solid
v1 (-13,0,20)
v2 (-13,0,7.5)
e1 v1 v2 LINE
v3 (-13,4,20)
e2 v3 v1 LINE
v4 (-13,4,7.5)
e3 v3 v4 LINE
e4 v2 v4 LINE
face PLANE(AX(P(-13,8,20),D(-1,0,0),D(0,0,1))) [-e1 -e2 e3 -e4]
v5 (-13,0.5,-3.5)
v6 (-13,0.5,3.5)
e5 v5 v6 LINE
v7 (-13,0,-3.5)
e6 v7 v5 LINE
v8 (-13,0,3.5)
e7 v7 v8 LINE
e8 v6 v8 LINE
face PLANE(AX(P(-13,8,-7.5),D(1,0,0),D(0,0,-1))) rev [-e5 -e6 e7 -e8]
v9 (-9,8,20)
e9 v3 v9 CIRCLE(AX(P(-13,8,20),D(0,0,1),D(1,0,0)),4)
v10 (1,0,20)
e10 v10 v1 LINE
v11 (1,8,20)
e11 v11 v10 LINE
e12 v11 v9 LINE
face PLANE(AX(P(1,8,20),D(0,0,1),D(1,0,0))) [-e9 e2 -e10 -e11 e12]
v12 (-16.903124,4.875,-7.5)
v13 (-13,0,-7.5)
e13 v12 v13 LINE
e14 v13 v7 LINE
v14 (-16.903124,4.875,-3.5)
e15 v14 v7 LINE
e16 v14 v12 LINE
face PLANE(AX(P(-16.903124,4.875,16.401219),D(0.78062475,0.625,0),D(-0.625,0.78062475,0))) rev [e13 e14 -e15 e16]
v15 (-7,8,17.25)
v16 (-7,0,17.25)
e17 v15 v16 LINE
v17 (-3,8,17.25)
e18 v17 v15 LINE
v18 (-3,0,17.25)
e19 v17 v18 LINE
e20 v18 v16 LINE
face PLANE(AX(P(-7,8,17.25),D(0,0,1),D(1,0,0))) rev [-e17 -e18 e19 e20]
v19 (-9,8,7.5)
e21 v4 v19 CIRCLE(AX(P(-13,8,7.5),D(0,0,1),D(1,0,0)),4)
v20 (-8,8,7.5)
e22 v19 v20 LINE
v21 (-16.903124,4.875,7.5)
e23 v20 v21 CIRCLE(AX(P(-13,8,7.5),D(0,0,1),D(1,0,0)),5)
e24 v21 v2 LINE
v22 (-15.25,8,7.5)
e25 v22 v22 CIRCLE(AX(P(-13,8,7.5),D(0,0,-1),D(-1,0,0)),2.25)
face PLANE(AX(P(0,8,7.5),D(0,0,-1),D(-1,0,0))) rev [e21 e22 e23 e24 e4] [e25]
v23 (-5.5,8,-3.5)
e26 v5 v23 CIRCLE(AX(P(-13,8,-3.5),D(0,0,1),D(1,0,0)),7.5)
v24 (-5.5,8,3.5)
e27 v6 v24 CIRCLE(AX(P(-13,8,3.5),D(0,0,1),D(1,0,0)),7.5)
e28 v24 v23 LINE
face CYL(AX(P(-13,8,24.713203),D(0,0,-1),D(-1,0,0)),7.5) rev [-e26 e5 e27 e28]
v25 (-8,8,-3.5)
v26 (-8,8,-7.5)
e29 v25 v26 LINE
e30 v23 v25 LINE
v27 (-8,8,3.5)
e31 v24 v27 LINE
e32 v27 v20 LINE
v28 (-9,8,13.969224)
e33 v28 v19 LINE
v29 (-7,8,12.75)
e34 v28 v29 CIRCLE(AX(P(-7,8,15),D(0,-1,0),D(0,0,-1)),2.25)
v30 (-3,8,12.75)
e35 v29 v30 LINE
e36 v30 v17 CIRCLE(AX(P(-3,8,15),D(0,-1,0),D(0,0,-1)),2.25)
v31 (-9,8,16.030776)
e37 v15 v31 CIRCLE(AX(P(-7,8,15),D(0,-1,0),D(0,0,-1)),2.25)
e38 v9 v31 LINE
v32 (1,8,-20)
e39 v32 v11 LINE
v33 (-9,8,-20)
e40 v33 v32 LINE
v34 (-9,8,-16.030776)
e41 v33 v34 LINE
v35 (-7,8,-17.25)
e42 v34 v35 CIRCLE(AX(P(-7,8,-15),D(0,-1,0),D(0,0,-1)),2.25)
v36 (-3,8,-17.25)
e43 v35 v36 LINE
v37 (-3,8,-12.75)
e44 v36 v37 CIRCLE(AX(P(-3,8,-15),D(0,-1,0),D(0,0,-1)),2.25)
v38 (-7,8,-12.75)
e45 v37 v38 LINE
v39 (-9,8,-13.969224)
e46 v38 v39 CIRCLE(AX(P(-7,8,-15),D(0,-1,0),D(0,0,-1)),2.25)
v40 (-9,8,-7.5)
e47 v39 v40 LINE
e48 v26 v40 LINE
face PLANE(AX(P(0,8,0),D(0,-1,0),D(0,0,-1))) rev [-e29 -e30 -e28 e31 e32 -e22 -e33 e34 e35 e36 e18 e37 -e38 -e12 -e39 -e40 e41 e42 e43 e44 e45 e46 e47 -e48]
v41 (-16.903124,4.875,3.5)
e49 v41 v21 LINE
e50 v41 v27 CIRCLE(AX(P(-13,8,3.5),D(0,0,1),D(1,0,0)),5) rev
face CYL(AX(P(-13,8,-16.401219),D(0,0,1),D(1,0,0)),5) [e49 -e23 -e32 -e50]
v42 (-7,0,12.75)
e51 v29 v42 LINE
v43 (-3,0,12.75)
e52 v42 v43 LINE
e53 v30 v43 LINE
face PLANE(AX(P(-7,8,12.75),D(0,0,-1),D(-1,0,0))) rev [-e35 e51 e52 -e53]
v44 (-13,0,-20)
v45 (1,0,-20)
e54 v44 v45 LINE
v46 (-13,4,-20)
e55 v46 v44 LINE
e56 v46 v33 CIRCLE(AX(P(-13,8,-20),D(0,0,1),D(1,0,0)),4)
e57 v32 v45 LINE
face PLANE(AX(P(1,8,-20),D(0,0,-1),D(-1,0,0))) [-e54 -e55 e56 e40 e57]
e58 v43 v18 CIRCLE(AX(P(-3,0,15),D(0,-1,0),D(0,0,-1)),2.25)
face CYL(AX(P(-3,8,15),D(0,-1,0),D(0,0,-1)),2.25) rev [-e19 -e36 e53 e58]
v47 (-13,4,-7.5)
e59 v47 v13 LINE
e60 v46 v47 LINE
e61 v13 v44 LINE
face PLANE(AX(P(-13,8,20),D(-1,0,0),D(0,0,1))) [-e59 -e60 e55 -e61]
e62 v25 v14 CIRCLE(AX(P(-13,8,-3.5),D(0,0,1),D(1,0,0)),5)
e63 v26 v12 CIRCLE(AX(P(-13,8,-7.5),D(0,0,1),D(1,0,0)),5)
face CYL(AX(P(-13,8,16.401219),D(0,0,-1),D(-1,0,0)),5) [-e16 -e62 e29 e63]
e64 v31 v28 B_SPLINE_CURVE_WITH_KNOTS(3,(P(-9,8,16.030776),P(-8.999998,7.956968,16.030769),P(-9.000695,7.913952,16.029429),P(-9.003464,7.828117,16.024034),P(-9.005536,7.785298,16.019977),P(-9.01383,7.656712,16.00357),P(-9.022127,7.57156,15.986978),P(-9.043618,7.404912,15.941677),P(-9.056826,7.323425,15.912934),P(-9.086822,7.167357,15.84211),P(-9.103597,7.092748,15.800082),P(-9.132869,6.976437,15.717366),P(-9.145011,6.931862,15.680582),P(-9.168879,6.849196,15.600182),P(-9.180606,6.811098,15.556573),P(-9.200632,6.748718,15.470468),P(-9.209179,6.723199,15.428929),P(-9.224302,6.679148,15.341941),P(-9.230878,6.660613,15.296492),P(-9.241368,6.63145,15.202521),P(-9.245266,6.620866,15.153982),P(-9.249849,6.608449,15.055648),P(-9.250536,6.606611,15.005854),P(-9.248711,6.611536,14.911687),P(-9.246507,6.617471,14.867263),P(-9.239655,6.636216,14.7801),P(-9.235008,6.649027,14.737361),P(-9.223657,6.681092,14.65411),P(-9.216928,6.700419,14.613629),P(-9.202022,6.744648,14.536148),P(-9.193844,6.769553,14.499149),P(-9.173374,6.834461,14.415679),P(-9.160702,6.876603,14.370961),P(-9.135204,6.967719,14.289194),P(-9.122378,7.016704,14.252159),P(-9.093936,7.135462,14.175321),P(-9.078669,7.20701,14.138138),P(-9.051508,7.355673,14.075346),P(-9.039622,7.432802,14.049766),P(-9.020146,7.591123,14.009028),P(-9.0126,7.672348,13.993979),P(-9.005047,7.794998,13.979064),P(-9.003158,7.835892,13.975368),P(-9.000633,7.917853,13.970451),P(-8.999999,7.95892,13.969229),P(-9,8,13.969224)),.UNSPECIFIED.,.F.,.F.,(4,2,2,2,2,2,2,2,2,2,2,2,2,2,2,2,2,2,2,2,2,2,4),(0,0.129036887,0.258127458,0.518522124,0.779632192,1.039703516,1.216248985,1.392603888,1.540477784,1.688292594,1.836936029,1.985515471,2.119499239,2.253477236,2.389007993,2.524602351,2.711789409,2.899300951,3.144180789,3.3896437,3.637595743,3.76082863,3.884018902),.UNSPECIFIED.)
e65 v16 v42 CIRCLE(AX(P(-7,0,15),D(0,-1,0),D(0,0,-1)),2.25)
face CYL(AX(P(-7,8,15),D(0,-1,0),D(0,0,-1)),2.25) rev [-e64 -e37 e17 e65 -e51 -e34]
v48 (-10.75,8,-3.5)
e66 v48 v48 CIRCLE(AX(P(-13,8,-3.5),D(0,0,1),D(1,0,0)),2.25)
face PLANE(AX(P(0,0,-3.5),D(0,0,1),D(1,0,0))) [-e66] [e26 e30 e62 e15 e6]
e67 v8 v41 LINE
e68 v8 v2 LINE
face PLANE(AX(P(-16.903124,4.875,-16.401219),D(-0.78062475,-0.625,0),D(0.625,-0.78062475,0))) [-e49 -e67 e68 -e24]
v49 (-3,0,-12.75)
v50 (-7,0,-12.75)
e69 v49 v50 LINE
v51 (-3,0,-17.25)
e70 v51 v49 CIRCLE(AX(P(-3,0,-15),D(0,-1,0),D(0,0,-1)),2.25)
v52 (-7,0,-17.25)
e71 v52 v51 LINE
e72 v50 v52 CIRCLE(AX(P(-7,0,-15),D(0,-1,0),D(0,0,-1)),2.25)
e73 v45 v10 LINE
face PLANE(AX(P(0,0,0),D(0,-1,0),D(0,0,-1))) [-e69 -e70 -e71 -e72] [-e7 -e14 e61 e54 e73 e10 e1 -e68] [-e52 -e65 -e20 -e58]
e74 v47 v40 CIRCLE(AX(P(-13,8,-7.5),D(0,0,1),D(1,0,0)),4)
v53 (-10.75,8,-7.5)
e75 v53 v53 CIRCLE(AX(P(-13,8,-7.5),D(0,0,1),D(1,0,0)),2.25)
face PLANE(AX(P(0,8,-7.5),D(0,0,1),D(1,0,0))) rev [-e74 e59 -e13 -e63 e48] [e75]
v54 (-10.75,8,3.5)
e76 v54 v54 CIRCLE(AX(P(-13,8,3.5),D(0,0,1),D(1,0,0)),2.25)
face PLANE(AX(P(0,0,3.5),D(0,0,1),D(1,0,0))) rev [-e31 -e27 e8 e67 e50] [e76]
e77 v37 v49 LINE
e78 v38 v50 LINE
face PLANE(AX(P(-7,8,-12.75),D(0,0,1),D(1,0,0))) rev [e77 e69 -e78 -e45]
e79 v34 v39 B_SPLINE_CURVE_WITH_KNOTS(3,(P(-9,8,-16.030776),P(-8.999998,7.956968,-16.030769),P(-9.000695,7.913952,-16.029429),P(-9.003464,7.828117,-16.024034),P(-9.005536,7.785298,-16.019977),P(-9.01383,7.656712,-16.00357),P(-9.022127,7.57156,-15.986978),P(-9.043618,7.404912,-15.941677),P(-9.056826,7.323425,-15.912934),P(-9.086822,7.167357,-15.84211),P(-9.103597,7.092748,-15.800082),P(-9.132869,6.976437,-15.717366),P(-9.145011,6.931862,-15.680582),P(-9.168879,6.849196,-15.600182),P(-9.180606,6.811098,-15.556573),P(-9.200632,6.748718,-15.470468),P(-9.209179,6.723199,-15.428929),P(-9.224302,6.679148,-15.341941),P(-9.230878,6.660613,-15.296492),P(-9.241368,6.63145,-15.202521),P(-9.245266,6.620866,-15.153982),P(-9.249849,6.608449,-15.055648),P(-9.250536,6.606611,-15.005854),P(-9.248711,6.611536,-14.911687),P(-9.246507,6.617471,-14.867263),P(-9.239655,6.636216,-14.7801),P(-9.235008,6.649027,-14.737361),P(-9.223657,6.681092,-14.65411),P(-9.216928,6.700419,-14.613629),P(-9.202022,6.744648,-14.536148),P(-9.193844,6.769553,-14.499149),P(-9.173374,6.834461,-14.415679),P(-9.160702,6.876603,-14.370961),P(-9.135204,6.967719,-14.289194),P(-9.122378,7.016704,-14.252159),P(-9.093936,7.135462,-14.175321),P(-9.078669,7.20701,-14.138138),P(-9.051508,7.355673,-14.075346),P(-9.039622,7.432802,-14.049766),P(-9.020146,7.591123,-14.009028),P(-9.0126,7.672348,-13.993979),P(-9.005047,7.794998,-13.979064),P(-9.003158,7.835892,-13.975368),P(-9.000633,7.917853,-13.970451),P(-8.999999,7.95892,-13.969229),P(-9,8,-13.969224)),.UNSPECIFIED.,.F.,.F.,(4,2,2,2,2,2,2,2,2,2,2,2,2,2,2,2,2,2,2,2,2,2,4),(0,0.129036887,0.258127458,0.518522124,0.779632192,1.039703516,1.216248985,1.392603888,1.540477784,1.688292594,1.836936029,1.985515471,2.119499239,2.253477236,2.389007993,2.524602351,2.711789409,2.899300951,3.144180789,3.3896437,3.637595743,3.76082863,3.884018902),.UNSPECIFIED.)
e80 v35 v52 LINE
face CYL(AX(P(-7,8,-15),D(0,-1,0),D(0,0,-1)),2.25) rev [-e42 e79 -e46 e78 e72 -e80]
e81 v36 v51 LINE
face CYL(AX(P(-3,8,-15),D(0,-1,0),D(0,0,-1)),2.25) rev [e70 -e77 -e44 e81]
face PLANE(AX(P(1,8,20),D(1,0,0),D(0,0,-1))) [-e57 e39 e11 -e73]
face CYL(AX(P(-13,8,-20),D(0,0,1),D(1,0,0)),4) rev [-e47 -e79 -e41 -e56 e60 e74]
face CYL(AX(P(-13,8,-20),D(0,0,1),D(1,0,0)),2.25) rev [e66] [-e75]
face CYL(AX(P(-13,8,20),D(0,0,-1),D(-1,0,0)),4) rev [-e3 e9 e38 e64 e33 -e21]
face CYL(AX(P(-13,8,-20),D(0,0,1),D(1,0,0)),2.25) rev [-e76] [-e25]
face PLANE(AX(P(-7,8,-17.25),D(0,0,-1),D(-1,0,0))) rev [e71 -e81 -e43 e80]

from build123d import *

# Parameters (mm, degrees)
SKETCH1_W               = 13
SKETCH1_H               = 15
BOSS_EXTRUDE1_DEPTH     = 8
BOSS_EXTRUDE2_DEPTH     = 4
SKETCH6_W               = 14
SKETCH6_H               = 40
BOSS_EXTRUDE3_DEPTH     = 8
SKETCH3_R               = 7.5
CUT_EXTRUDE1_DEPTH      = 7
CUT_EXTRUDE2_DEPTH      = 36.344730866
CUT_EXTRUDE2_DEPTH_BACK = 36.344730866
SKETCH4_R               = 2.25
SKETCH7_R               = 4
CUT_EXTRUDE3_DEPTH      = 36.344730866


with BuildPart() as part:
    # Sketch1 → Boss-Extrude1 (new body)
    with BuildSketch(Plane(origin=(0, 0, 0), x_dir=(1, 0, 0), z_dir=(0, 1, 0))):
        with Locations((-6.5, 0)):
            Rectangle(SKETCH1_W, SKETCH1_H)
    extrude(amount=BOSS_EXTRUDE1_DEPTH)

    # Sketch2 → Boss-Extrude2 (add)
    with BuildSketch(Plane.XY.offset(7.5)):
        with BuildLine():
            Line((-16.903123749, 4.875), (-13, 0))
            Line((-13, 0), (-13, 3))
            ThreePointArc((-13, 3), (-10.834936491, 12.506939094), (-16.903123749, 4.875))
        make_face()
    boss_extrude2 = extrude(amount=-BOSS_EXTRUDE2_DEPTH)

    # Mirror1: Boss-Extrude2 across plane
    add(boss_extrude2.mirror(Plane.XY))

    # Sketch6 → Boss-Extrude3 (add)
    with BuildSketch(Plane.XZ):
        with Locations((-6, 0)):
            Rectangle(SKETCH6_W, SKETCH6_H)
        with BuildLine():
            Line((-7, 17.25), (-3, 17.25))
            ThreePointArc((-3, 17.25), (-0.75, 15), (-3, 12.75))
            Line((-3, 12.75), (-7, 12.75))
            ThreePointArc((-7, 12.75), (-9.25, 15), (-7, 17.25))
        make_face(mode=Mode.SUBTRACT)
        with BuildLine():
            Line((-7, -12.75), (-3, -12.75))
            ThreePointArc((-3, -12.75), (-0.75, -15), (-3, -17.25))
            Line((-3, -17.25), (-7, -17.25))
            ThreePointArc((-7, -17.25), (-9.25, -15), (-7, -12.75))
        make_face(mode=Mode.SUBTRACT)
    extrude(amount=-BOSS_EXTRUDE3_DEPTH)

    # Sketch3 → Cut-Extrude1 (cut)
    with BuildSketch(Plane.XY.offset(-3.5)):
        with Locations((-13, 8)):
            Circle(SKETCH3_R)
    extrude(amount=CUT_EXTRUDE1_DEPTH, mode=Mode.SUBTRACT)

    # Sketch4 → Cut-Extrude2 (cut, two sides: drawn at the far end of the back side and taken through both)
    with BuildSketch(Plane.XY.offset(7.5).offset(-CUT_EXTRUDE2_DEPTH_BACK)):
        with Locations((-13, 8)):
            Circle(SKETCH4_R)
    extrude(amount=CUT_EXTRUDE2_DEPTH + CUT_EXTRUDE2_DEPTH_BACK, mode=Mode.SUBTRACT)

    # Sketch7 → Cut-Extrude3 (cut, through all)
    with BuildSketch(Plane.XY.offset(7.5)):
        with Locations((-13, 8)):
            Circle(SKETCH7_R)
    cut_extrude3 = extrude(amount=CUT_EXTRUDE3_DEPTH, mode=Mode.SUBTRACT)

    # Mirror2: Cut-Extrude3 across plane
    add(cut_extrude3.mirror(Plane.XY), mode=Mode.SUBTRACT)


solid = part.part
